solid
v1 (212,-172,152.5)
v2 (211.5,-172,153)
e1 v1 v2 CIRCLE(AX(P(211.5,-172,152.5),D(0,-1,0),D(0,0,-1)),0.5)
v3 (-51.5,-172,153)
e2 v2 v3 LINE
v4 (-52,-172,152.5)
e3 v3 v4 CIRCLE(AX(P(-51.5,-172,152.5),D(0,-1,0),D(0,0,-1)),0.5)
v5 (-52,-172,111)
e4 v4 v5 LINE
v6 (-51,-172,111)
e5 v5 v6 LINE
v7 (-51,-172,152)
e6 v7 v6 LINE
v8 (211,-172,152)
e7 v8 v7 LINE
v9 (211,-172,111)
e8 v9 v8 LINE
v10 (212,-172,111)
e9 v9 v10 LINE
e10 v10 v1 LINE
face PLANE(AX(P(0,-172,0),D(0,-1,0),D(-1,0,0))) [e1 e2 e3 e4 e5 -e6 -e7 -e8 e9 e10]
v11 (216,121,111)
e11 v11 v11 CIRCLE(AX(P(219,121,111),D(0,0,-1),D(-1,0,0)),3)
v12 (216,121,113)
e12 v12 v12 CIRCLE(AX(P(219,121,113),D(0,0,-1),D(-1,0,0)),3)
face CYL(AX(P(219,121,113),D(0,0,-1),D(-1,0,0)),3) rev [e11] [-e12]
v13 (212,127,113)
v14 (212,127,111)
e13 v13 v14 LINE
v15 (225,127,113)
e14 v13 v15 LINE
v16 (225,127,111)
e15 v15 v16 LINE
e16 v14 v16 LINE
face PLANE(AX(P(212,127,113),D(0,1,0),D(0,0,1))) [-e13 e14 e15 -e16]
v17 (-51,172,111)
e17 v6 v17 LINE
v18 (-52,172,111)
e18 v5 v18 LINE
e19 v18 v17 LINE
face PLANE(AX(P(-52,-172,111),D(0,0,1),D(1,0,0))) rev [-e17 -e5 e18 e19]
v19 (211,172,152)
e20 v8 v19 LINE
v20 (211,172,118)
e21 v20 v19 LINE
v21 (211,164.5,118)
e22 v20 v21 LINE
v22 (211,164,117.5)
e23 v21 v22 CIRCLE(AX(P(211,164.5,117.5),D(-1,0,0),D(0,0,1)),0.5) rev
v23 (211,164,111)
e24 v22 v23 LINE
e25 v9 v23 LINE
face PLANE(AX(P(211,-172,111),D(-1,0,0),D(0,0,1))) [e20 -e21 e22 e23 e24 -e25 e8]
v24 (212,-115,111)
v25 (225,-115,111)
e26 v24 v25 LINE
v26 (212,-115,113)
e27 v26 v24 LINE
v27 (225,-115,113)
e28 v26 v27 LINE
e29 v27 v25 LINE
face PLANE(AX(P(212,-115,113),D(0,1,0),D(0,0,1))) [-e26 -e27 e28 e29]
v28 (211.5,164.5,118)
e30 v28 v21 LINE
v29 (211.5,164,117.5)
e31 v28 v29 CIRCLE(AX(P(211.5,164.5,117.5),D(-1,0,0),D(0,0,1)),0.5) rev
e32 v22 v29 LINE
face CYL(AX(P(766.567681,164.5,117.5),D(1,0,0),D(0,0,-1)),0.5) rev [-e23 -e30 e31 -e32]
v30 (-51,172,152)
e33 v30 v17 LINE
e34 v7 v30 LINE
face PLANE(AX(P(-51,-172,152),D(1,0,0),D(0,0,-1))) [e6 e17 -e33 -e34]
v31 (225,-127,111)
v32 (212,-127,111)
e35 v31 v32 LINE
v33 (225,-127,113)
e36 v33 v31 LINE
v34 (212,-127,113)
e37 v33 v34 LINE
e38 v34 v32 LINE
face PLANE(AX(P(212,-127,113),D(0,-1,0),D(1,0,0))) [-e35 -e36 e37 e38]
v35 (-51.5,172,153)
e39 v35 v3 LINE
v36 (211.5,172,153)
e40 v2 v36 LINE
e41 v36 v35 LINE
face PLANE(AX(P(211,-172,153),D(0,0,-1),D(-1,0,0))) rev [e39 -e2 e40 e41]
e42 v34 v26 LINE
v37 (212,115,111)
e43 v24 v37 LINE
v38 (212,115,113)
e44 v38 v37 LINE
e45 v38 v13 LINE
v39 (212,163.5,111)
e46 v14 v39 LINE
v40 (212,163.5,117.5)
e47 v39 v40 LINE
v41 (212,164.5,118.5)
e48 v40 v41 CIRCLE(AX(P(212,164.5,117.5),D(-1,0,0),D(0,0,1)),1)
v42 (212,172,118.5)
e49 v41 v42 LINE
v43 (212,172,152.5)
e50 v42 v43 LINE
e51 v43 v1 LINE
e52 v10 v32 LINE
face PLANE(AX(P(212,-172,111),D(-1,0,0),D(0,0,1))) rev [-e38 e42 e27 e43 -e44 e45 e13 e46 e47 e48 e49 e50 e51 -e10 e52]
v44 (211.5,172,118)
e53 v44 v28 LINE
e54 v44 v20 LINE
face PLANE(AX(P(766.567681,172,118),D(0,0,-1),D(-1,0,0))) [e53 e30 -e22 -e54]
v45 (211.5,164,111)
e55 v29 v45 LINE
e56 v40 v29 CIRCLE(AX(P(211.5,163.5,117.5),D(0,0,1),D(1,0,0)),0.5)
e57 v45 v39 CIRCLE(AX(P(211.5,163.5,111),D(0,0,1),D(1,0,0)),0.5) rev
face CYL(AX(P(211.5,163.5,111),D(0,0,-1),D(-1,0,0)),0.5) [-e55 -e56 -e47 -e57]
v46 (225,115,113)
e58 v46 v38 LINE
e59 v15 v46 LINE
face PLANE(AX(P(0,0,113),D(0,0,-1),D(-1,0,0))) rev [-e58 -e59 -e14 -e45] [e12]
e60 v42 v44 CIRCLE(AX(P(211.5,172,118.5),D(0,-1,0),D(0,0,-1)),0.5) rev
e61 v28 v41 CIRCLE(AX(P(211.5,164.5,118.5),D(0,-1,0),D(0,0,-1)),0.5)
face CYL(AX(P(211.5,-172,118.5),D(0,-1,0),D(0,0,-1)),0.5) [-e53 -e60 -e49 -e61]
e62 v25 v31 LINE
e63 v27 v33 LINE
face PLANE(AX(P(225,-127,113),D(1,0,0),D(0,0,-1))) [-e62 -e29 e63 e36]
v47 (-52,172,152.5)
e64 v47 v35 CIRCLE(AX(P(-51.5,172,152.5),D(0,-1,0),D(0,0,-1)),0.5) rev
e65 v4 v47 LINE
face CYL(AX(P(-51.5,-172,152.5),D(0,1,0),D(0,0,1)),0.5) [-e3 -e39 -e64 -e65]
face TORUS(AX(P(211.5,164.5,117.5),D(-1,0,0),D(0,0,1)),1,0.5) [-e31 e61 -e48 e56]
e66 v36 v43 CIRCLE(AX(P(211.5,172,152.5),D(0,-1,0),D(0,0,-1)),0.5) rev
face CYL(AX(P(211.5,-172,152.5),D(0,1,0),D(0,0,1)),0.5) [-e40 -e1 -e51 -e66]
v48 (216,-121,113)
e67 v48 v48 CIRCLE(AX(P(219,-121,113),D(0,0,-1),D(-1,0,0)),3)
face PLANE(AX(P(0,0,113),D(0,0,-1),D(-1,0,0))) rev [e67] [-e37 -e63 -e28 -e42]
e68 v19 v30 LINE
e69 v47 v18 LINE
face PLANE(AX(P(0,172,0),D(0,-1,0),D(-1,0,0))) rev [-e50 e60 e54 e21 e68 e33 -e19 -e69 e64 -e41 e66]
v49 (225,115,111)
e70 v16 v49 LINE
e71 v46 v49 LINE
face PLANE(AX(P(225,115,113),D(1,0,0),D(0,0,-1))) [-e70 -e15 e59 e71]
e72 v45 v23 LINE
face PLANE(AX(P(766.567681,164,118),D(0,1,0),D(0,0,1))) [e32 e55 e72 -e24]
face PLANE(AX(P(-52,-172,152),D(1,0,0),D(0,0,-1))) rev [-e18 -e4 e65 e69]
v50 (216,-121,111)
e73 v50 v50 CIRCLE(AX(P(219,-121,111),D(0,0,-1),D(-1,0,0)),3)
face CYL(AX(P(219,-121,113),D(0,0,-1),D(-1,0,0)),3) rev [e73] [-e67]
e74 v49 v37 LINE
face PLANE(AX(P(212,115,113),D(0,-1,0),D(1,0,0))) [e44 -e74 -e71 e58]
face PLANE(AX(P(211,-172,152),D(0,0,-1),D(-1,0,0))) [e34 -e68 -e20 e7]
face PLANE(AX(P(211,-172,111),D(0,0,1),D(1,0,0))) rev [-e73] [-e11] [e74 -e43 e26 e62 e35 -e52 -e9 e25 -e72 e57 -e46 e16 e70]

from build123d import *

# Parameters (mm, degrees)
WYCI_GNI_CIE_CIENKA_CIANKA1_DEPTH      = 172
WYCI_GNI_CIE_CIENKA_CIANKA1_DEPTH_BACK = 172
SZKIC2_W                               = 13
SZKIC2_H                               = 12
SZKIC2_R                               = 3
DODANIE_WYCI_GNI_CIE1_DEPTH            = 2
ZAOKR_GLENIE1_R                        = 0.5
WYTNIJ_WYCI_GNI_CIE2_DEPTH             = 14
WYTNIJ_WYCI_GNI_CIE2_DEPTH_BACK        = 2
ZAOKR_GLENIE4_R                        = 0.5
ZAOKR_GLENIE5_R                        = 0.5


with BuildPart() as part:
    # Szkic1 → Wyciągnięcie-cienka ścianka1 (new body, two sides)
    with BuildSketch(Plane(origin=(0, 0, 0), x_dir=(1, 0, 0), z_dir=(0, 1, 0))) as wyci_gni_cie_cienka_cianka1_sk:
        Polygon((211, -111), (211, -152), (-51, -152), (-51, -111), (-52, -111), (-52, -153), (212, -153), (212, -111), align=None)
    extrude(amount=WYCI_GNI_CIE_CIENKA_CIANKA1_DEPTH)
    extrude(wyci_gni_cie_cienka_cianka1_sk.sketch, amount=-WYCI_GNI_CIE_CIENKA_CIANKA1_DEPTH_BACK)

    # Szkic2 → Dodanie-wyciągnięcie1 (add)
    with BuildSketch(Plane(origin=(0, 0, 111), x_dir=(-1, 0, 0), z_dir=(0, 0, -1))):
        with Locations((-218.5, -121)):
            Rectangle(SZKIC2_W, SZKIC2_H)
        with Locations((-219, -121)):
            Circle(SZKIC2_R, mode=Mode.SUBTRACT)
        with Locations((-218.5, 121)):
            Rectangle(SZKIC2_W, SZKIC2_H)
        with Locations((-219, 121)):
            Circle(SZKIC2_R, mode=Mode.SUBTRACT)
    extrude(amount=-DODANIE_WYCI_GNI_CIE1_DEPTH)

    # Zaokrąglenie1
    zaokr_glenie1_edges = [part.edges().sort_by_distance(p)[0] for p in [
        (212, 0, 153),
        (-52, 0, 153),
    ]]
    fillet(zaokr_glenie1_edges, radius=ZAOKR_GLENIE1_R)

    # Szkic5 → Wytnij-wyciągnięcie2 (cut, two sides)
    with BuildSketch(Plane(origin=(212, 0, 0), x_dir=(0, 0, -1), z_dir=(1, 0, 0))) as wytnij_wyci_gni_cie2_sk:
        Polygon((-118, 873.551878025), (-118, 172), (-118, 164), (-111, 164), (590.551878025, 164), (1583.395439141, 1155.444306753), (874.843561116, 1864.996184778), align=None)
    extrude(amount=WYTNIJ_WYCI_GNI_CIE2_DEPTH, mode=Mode.SUBTRACT)
    extrude(wytnij_wyci_gni_cie2_sk.sketch, amount=-WYTNIJ_WYCI_GNI_CIE2_DEPTH_BACK, mode=Mode.SUBTRACT)

    # Zaokrąglenie4
    zaokr_glenie4_edges = [part.edges().sort_by_distance(p)[0] for p in [
        (211.5, 164, 118),
    ]]
    fillet(zaokr_glenie4_edges, radius=ZAOKR_GLENIE4_R)

    # Zaokrąglenie5
    zaokr_glenie5_edges = [part.edges().sort_by_distance(p)[0] for p in [
        (212, 164, 114.25),
        (212, 168.25, 118),
        (212, 164.146446609, 117.853553391),
    ]]
    fillet(zaokr_glenie5_edges, radius=ZAOKR_GLENIE5_R)


solid = part.part
